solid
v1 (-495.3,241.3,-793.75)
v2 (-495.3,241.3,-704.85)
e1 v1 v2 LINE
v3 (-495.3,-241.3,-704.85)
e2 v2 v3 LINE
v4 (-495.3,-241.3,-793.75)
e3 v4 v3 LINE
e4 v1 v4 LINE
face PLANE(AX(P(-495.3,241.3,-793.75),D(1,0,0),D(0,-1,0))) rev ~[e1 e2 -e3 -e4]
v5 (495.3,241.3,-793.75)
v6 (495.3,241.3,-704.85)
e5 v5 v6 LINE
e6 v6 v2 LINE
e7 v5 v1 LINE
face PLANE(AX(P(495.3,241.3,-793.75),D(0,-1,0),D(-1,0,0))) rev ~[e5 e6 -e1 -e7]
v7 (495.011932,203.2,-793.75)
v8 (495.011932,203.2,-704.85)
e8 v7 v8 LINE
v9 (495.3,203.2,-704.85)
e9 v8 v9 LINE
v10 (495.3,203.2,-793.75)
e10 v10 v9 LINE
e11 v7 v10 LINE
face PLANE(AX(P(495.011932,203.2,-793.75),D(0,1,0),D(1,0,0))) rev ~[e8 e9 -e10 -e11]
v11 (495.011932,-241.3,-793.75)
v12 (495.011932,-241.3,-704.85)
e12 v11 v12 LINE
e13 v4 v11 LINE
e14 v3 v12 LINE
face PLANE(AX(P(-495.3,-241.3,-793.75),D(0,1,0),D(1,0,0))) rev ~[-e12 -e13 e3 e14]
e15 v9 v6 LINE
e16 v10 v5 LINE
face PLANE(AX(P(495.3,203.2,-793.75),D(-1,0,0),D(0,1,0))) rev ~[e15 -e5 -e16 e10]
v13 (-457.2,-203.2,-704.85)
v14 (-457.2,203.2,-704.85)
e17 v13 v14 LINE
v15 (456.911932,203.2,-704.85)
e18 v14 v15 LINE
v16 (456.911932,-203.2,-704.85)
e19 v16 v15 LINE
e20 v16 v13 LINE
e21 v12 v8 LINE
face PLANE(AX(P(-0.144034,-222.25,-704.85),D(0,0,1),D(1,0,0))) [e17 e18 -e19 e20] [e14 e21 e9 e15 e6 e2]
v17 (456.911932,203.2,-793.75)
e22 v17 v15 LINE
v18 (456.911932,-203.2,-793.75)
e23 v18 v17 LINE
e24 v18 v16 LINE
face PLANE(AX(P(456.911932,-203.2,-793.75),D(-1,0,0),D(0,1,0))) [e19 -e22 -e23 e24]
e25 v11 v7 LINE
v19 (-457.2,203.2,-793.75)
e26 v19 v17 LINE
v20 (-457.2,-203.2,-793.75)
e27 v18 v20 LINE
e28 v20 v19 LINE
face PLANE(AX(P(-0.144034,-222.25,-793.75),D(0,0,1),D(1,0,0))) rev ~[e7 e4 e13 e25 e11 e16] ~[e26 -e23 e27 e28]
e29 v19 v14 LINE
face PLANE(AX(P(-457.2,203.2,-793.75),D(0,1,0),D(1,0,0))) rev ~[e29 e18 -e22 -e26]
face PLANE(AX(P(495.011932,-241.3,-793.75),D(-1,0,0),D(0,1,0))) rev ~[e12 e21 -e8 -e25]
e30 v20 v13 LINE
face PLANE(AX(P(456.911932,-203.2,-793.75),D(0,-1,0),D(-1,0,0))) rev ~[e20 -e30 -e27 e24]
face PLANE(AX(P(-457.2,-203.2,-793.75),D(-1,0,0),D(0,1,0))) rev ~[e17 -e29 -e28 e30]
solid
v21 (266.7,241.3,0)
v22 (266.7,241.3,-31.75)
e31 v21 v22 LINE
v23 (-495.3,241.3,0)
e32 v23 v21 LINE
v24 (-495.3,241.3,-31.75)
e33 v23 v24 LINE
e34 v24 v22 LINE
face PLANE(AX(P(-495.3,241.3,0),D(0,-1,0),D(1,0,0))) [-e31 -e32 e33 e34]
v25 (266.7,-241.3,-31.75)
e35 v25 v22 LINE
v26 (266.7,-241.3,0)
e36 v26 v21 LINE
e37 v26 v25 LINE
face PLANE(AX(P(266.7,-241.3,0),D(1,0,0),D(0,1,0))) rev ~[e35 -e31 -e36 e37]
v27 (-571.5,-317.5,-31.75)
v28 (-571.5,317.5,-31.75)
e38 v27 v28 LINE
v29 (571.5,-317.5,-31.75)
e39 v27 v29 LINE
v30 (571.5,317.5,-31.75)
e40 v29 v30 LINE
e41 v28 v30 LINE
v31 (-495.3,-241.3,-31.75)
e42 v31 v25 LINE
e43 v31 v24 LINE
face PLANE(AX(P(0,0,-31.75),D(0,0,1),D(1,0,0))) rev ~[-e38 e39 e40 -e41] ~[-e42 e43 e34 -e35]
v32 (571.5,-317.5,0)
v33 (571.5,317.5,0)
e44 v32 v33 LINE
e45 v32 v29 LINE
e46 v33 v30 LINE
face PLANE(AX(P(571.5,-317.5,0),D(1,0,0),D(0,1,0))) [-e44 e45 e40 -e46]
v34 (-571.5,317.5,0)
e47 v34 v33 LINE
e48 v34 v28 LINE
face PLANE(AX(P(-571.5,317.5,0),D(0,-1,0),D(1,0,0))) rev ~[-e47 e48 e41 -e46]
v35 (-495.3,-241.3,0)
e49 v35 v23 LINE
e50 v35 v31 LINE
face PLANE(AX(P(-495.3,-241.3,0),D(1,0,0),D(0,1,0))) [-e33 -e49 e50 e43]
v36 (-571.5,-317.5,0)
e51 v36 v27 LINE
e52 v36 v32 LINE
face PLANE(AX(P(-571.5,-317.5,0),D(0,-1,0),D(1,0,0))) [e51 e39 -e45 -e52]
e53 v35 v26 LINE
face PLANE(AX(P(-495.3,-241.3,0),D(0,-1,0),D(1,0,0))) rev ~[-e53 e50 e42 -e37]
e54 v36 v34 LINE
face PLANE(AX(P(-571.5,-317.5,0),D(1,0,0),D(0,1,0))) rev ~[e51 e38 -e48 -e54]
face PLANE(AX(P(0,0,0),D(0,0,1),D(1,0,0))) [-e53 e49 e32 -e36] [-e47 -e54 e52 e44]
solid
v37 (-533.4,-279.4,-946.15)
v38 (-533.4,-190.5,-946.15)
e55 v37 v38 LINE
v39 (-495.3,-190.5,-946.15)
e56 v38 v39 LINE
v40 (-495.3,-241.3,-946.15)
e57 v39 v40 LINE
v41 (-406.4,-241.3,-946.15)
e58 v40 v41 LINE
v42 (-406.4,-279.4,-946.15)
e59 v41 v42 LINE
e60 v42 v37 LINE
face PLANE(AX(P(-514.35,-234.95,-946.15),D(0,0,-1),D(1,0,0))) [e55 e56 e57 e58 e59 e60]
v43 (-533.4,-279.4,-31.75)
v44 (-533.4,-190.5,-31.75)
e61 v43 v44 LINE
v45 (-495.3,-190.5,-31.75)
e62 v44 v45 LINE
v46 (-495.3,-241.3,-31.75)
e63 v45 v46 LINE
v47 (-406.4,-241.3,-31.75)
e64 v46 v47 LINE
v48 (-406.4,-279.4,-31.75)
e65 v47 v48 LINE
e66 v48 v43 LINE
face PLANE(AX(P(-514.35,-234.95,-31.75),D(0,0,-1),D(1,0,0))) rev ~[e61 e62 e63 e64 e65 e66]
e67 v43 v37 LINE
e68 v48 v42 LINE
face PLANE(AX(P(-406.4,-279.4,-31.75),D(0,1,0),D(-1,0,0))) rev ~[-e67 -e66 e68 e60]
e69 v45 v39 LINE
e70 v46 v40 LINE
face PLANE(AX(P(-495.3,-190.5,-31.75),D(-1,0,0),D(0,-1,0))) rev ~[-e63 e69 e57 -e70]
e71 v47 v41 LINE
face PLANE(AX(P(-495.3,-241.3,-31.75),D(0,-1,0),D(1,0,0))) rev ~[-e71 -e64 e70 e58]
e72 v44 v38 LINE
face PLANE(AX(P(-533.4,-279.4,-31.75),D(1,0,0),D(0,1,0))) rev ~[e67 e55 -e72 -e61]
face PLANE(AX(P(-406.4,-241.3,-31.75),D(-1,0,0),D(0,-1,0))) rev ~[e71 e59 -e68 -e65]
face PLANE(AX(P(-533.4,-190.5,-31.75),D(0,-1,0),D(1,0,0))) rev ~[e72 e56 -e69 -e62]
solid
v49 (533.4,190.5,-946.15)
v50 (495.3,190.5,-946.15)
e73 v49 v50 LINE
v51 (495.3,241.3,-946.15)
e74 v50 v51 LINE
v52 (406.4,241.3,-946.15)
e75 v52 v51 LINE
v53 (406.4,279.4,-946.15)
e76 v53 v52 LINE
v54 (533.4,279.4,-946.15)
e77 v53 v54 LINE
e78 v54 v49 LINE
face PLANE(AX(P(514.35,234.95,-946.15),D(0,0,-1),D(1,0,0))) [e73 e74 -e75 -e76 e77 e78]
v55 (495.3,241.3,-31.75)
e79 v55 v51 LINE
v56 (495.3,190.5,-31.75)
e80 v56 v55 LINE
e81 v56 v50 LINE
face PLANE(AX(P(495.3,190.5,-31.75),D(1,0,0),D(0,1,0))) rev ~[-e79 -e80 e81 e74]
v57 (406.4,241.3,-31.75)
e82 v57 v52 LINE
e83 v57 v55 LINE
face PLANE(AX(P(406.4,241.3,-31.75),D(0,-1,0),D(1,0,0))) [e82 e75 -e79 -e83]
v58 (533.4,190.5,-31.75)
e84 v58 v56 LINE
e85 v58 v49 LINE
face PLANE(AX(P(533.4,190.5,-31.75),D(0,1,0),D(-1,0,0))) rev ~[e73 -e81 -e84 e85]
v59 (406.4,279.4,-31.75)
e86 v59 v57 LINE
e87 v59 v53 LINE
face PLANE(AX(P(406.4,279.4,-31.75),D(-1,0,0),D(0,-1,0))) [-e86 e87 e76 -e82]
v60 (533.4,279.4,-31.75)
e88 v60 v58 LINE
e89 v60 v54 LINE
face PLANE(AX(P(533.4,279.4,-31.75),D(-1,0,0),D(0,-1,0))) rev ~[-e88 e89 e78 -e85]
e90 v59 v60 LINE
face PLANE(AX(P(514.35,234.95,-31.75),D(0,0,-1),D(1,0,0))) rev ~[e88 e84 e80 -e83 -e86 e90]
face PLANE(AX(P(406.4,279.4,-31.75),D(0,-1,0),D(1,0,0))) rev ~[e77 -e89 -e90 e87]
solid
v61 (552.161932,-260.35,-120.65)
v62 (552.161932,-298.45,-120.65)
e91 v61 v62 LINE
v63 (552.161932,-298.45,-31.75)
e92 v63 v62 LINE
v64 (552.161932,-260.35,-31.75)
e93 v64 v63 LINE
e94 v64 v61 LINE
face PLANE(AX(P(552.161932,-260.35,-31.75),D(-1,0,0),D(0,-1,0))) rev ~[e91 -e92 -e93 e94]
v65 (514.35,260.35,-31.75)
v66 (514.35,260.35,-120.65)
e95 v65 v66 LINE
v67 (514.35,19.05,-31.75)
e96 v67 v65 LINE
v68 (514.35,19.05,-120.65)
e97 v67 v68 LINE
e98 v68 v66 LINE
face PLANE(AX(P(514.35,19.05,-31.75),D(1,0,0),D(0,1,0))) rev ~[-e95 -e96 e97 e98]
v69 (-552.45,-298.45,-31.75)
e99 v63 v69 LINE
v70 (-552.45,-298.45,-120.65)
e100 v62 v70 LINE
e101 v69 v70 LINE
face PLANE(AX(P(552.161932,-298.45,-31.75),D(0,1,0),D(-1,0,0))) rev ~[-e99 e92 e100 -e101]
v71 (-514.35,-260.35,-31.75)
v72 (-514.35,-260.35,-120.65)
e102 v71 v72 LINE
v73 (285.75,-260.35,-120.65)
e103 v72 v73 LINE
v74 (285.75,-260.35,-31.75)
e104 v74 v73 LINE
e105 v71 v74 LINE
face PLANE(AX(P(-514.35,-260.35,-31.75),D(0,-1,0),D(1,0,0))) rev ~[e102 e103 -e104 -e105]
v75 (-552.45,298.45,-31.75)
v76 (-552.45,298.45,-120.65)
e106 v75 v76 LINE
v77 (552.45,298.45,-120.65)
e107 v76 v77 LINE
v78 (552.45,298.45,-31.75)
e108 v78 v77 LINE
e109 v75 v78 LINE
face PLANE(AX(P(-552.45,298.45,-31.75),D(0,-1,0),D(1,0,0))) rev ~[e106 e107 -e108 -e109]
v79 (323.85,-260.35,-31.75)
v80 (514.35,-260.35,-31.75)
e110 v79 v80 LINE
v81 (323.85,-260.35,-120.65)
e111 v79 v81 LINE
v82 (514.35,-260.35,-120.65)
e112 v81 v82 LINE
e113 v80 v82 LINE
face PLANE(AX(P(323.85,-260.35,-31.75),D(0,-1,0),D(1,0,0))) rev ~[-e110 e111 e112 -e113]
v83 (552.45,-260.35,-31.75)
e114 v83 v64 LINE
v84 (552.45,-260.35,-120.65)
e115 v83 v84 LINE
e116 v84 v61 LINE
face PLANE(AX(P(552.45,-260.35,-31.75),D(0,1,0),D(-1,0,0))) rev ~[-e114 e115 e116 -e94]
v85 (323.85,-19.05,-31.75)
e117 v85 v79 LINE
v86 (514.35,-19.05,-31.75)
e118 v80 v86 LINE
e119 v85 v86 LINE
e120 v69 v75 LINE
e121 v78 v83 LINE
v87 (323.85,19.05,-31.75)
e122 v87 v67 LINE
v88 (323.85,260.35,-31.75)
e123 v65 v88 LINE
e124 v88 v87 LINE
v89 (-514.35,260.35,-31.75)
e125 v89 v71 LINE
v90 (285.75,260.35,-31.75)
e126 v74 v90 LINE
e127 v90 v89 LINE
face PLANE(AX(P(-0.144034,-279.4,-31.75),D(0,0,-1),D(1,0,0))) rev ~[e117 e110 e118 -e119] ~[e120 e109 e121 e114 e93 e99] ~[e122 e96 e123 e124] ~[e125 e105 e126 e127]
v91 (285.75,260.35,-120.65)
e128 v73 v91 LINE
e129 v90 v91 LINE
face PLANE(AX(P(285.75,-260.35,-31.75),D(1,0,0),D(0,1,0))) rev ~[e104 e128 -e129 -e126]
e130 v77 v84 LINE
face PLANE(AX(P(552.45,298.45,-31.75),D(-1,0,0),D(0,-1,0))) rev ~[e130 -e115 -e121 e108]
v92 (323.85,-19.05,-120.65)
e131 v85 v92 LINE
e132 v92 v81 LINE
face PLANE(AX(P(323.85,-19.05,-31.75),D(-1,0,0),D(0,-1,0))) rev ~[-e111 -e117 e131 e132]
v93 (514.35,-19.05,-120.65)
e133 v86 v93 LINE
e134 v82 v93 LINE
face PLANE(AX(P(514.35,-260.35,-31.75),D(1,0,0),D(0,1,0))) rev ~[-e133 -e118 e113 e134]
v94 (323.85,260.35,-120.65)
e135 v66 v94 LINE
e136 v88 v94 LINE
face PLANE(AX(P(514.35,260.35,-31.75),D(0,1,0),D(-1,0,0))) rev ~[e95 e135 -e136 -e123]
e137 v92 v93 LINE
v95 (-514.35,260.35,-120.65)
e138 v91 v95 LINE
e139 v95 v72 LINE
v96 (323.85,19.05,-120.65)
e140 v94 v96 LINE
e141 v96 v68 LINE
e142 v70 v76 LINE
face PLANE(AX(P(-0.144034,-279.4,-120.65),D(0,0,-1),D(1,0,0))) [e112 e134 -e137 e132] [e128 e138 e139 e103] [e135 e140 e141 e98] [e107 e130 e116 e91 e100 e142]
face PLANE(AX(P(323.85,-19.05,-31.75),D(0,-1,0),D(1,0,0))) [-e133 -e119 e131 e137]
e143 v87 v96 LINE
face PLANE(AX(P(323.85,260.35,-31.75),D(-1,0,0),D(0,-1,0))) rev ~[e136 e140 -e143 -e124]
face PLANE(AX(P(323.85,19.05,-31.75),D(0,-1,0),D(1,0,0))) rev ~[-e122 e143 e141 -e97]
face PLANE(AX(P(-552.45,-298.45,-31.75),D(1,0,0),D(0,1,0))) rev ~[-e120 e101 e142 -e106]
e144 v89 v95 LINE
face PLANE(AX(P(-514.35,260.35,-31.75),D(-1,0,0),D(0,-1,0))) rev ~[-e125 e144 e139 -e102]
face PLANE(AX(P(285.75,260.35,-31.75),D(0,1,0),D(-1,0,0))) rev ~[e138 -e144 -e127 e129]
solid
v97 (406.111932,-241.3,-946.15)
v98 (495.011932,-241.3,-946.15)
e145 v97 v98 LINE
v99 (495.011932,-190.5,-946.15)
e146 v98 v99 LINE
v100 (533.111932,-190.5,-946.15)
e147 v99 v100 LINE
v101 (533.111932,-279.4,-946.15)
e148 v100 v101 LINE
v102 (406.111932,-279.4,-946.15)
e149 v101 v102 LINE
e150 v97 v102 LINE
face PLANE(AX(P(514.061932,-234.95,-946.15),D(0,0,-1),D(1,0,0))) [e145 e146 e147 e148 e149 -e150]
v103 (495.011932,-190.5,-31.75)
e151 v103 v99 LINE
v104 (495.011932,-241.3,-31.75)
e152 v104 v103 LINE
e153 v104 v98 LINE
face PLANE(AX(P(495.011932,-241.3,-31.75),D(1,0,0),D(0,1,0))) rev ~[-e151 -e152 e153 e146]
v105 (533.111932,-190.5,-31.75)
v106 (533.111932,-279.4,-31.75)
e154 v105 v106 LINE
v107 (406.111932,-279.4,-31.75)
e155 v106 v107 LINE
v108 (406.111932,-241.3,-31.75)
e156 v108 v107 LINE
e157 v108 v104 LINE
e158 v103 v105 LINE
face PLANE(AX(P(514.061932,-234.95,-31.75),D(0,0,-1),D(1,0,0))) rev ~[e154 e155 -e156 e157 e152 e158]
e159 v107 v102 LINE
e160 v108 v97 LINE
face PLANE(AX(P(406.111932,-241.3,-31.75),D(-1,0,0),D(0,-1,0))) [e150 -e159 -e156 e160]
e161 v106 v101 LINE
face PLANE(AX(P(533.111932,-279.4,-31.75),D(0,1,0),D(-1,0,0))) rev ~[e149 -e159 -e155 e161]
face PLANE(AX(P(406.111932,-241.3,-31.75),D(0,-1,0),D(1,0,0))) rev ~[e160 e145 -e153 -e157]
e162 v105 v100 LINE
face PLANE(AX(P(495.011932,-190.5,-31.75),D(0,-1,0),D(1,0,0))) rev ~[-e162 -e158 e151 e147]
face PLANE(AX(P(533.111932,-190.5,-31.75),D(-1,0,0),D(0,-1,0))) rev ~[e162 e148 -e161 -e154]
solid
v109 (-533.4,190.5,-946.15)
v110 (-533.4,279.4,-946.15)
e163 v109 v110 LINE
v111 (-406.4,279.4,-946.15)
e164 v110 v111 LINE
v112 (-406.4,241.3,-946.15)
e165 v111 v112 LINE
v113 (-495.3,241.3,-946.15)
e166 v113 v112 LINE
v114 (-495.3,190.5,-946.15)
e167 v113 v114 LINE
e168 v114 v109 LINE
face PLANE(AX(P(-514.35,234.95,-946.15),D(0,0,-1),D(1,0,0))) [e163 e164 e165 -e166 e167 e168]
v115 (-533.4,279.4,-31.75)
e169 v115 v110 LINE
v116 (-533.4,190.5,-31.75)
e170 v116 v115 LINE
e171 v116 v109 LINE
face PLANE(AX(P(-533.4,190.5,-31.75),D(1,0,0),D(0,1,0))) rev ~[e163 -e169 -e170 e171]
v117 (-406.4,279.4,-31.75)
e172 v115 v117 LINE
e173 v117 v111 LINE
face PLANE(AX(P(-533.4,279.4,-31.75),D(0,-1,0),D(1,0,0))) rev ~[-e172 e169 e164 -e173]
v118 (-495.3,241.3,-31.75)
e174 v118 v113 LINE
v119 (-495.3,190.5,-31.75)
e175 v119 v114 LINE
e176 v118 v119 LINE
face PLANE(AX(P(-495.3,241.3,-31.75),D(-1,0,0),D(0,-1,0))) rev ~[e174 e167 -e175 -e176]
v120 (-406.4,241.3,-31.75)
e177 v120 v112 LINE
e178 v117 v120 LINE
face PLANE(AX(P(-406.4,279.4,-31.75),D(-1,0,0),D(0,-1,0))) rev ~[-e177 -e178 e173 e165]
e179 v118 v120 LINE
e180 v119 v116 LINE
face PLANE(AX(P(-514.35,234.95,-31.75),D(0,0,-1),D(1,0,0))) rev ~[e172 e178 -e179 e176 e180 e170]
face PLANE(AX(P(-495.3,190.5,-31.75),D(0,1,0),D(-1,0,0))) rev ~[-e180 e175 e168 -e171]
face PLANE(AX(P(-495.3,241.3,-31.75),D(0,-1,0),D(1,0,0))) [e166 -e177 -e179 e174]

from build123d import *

# Parameters (mm, degrees)
F2_W      = 1143
F2_H      = 635
F3_DEPTH  = 31.75
F1_W      = 762
F1_H      = 482.6
F4_DEPTH  = 31.751
F5_W      = 1.2670725822
F5_H      = 38.1
F5_W_2    = 190.5
F6_DEPTH  = 88.9
F7_W      = 88.9
F7_H      = 38.1
F8_DEPTH  = 914.4
F11_W     = 38.1
F11_H     = 406.4
F12_DEPTH = 88.9


with BuildPart() as f3:
    # F2 (on face) → F3 (new body)
    with BuildSketch(Plane.XY):
        Rectangle(F2_W, F2_H)
    extrude(amount=-F3_DEPTH)

    # F1 (on face) → F4 (cut, through all)
    with BuildSketch(Plane.XY):
        with Locations((-114.3, 0)):
            Rectangle(F1_W, F1_H)
    extrude(amount=-F4_DEPTH, mode=Mode.SUBTRACT)


with BuildPart() as f6:
    # F5 (on face) → F6 (new body)
    with BuildSketch(Plane(origin=(0, 0, -31.75), x_dir=(1, 0, 0), z_dir=(0, 0, -1))):
        Polygon((-552.45, 298.45), (-552.45, 260.35), (-514.35, 260.35), (285.75, 260.35), (323.85, 260.35), (372.0845580101, 260.35), (514.35, 260.35), (552.1619319916, 260.35), (552.1619319916, 298.45), align=None)
        Polygon((-514.35, 260.35), (-552.45, 260.35), (-552.45, -298.45), (-514.35, -298.45), (-514.35, -260.35), align=None)
        Polygon((285.75, -260.35), (-514.35, -260.35), (-514.35, -298.45), (514.35, -298.45), (514.35, -260.35), (323.85, -260.35), align=None)
        with Locations((514.9835362911, -279.4)):
            Rectangle(F5_W, F5_H)
        Polygon((552.45, 260.35), (552.1619319916, 260.35), (514.35, 260.35), (514.35, 19.05), (514.35, -19.05), (514.35, -260.35), (515.6170725822, -260.35), (515.6170725822, -298.45), (552.45, -298.45), align=None)
        Polygon((323.85, 260.35), (285.75, 260.35), (285.75, -260.35), (323.85, -260.35), (323.85, -19.05), (323.85, 19.05), align=None)
        with Locations((419.1, 0)):
            Rectangle(F5_W_2, F5_H)
    extrude(amount=F6_DEPTH)


with BuildPart() as f8:
    # F7 (on face) → F8 (new body)
    with BuildSketch(Plane(origin=(0, 0, -31.75), x_dir=(1, 0, 0), z_dir=(0, 0, -1))):
        Polygon((-495.3, 279.4), (-533.4, 279.4), (-533.4, 190.5), (-495.3, 190.5), (-495.3, 241.3), align=None)
        with Locations((-450.85, 260.35)):
            Rectangle(F7_W, F7_H)
    extrude(amount=F8_DEPTH)


with BuildPart() as f8b:
    # F7 (on face) → F8, piece 2 (new body)
    with BuildSketch(Plane(origin=(0, 0, -31.75), x_dir=(1, 0, 0), z_dir=(0, 0, -1))):
        Polygon((533.1119319916, 279.4), (495.0119319916, 279.4), (495.0119319916, 241.3), (495.0119319916, 190.5), (533.1119319916, 190.5), align=None)
        with Locations((450.5619319916, 260.35)):
            Rectangle(F7_W, F7_H)
    extrude(amount=F8_DEPTH)


with BuildPart() as f8c:
    # F7 (on face) → F8, piece 3 (new body)
    with BuildSketch(Plane(origin=(0, 0, -31.75), x_dir=(1, 0, 0), z_dir=(0, 0, -1))):
        Polygon((495.3, -279.4), (533.4, -279.4), (533.4, -190.5), (495.3, -190.5), (495.3, -241.3), align=None)
        with Locations((450.85, -260.35)):
            Rectangle(F7_W, F7_H)
    extrude(amount=F8_DEPTH)


with BuildPart() as f8d:
    # F7 (on face) → F8, piece 4 (new body)
    with BuildSketch(Plane(origin=(0, 0, -31.75), x_dir=(1, 0, 0), z_dir=(0, 0, -1))):
        Polygon((-533.4, -190.5), (-533.4, -279.4), (-495.3, -279.4), (-495.3, -241.3), (-495.3, -190.5), align=None)
        with Locations((-450.85, -260.35)):
            Rectangle(F7_W, F7_H)
    extrude(amount=F8_DEPTH)


with BuildPart() as f12:
    # F11 (on offset) → F12 (new body)
    with BuildSketch(Plane.XY.offset(-793.75)):
        Polygon((-495.3, -203.2), (-495.3, -241.3), (495.0119319916, -241.3), (495.0119319916, -203.2), (456.9119319916, -203.2), (-457.2, -203.2), align=None)
        with Locations((-476.25, 0)):
            Rectangle(F11_W, F11_H)
        with Locations((475.9619319916, 0)):
            Rectangle(F11_W, F11_H)
        Polygon((-495.3, 241.3), (-495.3, 203.2), (-457.2, 203.2), (456.9119319916, 203.2), (495.0119319916, 203.2), (495.3, 203.2), (495.3, 241.3), align=None)
    extrude(amount=F12_DEPTH)


solid = Compound([f3.part, f6.part, f8.part, f8b.part, f8c.part, f8d.part, f12.part])
